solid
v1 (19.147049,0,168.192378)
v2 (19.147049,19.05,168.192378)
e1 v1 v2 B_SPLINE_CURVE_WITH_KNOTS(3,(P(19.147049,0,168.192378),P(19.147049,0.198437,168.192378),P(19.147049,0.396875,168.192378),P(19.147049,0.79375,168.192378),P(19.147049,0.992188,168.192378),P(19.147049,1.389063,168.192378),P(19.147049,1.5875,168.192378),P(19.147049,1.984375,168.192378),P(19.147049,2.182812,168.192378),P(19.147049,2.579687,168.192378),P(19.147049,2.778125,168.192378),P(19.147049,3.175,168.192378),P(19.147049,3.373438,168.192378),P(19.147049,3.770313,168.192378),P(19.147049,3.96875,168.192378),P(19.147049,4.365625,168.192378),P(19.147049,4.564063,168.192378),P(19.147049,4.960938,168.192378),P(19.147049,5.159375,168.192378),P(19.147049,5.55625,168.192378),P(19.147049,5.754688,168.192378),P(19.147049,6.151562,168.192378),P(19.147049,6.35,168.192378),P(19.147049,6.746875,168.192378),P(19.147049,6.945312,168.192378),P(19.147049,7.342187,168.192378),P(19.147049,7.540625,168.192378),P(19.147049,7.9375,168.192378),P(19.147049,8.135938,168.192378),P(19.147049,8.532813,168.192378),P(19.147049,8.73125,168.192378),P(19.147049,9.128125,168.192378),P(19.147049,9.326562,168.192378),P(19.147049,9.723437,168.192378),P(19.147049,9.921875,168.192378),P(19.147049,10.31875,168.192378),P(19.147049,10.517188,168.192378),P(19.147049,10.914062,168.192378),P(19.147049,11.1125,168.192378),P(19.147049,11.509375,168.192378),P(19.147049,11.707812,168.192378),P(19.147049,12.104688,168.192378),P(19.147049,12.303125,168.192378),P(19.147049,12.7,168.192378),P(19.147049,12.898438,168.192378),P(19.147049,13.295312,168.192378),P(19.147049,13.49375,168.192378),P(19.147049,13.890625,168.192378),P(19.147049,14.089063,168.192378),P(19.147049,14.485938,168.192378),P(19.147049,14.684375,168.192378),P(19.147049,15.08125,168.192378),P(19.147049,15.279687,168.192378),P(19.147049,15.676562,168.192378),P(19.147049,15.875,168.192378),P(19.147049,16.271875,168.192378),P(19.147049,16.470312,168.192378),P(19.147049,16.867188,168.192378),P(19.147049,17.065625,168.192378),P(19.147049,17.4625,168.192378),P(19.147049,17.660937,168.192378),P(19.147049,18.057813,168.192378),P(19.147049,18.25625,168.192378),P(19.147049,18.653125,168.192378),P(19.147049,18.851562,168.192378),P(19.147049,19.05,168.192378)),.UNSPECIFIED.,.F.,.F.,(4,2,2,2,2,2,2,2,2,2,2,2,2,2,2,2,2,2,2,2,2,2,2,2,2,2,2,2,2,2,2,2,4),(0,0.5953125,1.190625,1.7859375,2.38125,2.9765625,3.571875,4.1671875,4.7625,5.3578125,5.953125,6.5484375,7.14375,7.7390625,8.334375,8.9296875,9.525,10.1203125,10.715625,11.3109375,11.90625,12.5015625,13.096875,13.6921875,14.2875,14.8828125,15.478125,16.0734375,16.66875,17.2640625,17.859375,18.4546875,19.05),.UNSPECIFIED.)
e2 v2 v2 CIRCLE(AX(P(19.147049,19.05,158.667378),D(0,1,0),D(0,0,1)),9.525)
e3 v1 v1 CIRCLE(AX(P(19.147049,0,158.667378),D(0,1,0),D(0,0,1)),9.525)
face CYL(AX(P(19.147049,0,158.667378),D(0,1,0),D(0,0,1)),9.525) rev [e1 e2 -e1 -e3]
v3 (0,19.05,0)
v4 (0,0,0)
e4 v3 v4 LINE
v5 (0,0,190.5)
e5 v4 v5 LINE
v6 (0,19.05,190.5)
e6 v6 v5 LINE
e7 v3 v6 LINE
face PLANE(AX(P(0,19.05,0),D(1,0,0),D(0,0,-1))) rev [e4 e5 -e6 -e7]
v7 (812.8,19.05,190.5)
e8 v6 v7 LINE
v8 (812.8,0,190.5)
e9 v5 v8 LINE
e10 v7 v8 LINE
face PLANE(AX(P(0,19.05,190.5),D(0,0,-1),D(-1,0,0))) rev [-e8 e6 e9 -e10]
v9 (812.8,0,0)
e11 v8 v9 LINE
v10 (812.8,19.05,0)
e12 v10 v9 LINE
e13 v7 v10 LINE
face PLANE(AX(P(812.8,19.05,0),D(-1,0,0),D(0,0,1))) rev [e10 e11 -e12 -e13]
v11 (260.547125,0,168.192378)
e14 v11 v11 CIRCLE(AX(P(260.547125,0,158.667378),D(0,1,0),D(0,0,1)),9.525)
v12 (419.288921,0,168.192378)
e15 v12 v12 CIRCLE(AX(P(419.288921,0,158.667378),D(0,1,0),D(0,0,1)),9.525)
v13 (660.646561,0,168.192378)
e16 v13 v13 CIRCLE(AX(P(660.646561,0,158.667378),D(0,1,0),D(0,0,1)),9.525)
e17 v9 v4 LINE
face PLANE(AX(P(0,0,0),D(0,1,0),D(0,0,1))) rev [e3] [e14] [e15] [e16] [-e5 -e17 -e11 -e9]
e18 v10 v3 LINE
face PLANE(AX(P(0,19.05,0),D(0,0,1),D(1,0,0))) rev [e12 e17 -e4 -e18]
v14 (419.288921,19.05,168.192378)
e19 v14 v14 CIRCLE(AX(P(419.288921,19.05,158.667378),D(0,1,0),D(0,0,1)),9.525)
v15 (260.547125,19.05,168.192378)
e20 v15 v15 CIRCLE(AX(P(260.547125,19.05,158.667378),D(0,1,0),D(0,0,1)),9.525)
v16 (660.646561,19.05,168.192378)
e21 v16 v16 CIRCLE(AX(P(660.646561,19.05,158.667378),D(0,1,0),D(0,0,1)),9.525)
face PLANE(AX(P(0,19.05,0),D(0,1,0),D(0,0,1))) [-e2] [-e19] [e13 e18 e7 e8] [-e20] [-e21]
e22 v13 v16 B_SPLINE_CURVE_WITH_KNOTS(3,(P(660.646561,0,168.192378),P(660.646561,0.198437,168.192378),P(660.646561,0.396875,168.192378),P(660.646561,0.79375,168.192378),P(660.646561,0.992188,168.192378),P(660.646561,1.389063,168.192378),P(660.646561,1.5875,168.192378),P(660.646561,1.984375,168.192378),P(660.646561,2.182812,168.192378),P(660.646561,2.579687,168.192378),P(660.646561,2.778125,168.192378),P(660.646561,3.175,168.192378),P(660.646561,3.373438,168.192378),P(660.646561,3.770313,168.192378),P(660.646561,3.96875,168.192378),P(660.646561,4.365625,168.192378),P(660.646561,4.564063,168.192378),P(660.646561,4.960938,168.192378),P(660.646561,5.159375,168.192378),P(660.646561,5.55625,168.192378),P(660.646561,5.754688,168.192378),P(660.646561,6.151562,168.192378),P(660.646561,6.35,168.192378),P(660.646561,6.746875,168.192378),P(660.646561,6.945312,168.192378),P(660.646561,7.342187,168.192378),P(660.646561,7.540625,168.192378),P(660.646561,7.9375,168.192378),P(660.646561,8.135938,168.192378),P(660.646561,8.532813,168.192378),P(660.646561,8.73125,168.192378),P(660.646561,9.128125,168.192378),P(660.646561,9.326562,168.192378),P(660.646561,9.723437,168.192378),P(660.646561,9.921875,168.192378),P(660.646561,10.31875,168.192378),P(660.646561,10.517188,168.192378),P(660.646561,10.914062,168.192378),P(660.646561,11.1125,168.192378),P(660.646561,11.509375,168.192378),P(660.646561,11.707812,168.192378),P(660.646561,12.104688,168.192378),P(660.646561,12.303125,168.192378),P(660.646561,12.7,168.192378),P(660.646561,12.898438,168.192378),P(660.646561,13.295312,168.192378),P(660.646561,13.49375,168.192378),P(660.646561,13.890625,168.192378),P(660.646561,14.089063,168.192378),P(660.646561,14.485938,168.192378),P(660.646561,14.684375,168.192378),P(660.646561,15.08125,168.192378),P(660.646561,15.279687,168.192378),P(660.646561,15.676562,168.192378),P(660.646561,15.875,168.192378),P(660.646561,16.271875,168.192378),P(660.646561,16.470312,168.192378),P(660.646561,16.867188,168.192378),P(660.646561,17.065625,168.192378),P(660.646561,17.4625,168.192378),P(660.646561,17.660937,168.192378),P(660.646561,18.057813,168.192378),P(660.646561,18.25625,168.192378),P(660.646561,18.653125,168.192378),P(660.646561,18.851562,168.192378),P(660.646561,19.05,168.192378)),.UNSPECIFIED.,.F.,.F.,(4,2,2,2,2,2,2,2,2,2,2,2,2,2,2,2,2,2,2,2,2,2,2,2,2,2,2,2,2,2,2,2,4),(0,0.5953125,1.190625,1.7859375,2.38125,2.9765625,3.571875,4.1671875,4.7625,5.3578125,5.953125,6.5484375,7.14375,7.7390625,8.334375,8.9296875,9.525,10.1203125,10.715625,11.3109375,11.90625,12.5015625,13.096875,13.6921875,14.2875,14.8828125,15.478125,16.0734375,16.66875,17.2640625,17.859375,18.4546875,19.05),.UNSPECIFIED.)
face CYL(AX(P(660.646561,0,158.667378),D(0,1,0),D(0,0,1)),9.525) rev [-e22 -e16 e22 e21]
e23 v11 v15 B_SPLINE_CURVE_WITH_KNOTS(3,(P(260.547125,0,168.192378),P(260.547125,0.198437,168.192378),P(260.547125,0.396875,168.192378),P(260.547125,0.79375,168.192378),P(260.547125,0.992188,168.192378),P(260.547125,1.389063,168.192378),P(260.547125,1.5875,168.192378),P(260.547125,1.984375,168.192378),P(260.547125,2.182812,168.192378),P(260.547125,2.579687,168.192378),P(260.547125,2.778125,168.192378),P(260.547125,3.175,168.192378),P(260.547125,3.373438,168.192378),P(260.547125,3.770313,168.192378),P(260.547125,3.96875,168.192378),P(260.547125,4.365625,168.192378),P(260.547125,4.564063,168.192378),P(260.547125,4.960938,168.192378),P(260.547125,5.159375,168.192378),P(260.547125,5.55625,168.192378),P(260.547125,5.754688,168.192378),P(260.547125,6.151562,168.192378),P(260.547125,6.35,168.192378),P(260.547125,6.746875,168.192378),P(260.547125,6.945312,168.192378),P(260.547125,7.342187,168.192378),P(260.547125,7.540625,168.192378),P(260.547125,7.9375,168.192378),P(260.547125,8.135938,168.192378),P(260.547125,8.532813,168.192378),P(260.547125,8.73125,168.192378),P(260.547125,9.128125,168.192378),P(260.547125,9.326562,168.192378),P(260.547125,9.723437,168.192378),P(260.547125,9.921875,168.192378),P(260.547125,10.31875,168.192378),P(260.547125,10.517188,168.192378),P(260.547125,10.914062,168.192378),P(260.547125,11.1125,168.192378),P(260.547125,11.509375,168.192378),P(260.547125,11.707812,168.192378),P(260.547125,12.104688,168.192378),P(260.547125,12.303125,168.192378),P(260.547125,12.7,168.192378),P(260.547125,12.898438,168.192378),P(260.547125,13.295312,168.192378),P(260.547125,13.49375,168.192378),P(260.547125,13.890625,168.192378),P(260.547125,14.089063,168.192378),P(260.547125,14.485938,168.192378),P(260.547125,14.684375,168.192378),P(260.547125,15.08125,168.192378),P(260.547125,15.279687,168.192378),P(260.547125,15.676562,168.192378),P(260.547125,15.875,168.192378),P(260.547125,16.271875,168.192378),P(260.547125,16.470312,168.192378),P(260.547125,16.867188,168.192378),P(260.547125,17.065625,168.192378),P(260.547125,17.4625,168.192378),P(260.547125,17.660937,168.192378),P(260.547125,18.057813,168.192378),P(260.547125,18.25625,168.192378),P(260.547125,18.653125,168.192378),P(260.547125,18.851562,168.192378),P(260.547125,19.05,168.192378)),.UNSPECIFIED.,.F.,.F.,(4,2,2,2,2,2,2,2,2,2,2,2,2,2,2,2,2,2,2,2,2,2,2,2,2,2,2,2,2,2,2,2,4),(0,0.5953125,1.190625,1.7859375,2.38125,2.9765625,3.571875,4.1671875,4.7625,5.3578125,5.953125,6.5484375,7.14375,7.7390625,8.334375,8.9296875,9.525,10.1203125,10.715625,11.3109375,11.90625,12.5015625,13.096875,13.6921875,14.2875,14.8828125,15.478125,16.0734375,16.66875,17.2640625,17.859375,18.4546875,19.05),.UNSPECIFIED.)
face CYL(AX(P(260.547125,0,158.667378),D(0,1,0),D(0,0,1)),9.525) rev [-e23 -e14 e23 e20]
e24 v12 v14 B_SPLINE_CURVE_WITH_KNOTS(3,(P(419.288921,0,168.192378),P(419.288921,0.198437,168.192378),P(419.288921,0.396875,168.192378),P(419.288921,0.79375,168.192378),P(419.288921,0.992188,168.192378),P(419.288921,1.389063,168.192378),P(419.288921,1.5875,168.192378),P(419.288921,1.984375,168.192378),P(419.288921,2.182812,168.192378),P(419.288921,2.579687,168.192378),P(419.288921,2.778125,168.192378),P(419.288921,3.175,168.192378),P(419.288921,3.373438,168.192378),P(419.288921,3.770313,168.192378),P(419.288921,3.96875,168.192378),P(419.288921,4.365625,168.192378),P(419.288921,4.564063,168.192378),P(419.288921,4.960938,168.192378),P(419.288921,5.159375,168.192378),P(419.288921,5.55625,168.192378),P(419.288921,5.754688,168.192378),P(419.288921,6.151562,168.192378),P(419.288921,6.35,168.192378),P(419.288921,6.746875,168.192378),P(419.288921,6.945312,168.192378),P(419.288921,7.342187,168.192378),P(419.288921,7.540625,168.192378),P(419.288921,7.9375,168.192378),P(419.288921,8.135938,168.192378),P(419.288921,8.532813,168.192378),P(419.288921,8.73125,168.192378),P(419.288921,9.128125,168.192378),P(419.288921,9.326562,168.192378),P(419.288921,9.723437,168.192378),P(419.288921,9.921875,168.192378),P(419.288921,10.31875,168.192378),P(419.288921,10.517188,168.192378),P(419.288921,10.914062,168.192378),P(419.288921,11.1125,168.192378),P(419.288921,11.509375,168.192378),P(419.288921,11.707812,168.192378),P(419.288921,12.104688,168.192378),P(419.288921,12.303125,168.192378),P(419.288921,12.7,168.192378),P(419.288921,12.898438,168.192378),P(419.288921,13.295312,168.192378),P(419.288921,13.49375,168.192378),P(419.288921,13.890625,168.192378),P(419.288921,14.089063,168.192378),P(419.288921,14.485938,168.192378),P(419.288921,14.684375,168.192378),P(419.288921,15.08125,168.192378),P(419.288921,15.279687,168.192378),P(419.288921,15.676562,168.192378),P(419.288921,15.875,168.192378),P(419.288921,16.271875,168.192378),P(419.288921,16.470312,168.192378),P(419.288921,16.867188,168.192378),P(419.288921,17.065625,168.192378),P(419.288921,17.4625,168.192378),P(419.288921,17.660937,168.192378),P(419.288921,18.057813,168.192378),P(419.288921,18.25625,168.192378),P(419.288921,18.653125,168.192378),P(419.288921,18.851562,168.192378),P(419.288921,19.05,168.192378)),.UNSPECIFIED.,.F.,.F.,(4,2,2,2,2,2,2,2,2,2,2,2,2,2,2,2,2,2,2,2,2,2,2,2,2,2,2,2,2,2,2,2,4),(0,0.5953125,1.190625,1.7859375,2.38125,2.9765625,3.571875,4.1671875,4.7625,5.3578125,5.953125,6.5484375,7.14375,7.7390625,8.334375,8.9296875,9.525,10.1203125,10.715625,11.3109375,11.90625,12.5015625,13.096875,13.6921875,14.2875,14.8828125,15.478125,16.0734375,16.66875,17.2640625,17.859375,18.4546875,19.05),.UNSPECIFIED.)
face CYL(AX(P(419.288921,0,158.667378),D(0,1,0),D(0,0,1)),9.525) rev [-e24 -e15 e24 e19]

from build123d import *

# Parameters (mm, degrees)
SKETCH1_W           = 812.8
SKETCH1_H           = 190.5
BOSS_EXTRUDE1_DEPTH = 19.05
SKETCH2_R           = 9.525
CUT_EXTRUDE1_DEPTH  = 19.05


with BuildPart() as part:
    # Sketch1 → Boss-Extrude1 (new body)
    with BuildSketch(Plane(origin=(0, 0, 0), x_dir=(1, 0, 0), z_dir=(0, 1, 0))):
        with Locations((406.4, -95.25)):
            Rectangle(SKETCH1_W, SKETCH1_H)
    extrude(amount=BOSS_EXTRUDE1_DEPTH)

    # Sketch2 → Cut-Extrude1 (cut)
    with BuildSketch(Plane(origin=(0, 19.05, 0), x_dir=(1, 0, 0), z_dir=(0, 1, 0))):
        with Locations(Location((19.147048713, -158.667377817, 0), (0, 0, 270))):
            Circle(SKETCH2_R)
        with Locations(Location((260.547124517, -158.667377817, 0), (0, 0, 270))):
            Circle(SKETCH2_R)
        with Locations(Location((419.28892147, -158.667377817, 0), (0, 0, 270))):
            Circle(SKETCH2_R)
        with Locations(Location((660.646560832, -158.667377817, 0), (0, 0, 270))):
            Circle(SKETCH2_R)
    extrude(amount=-CUT_EXTRUDE1_DEPTH, mode=Mode.SUBTRACT)


solid = part.part
